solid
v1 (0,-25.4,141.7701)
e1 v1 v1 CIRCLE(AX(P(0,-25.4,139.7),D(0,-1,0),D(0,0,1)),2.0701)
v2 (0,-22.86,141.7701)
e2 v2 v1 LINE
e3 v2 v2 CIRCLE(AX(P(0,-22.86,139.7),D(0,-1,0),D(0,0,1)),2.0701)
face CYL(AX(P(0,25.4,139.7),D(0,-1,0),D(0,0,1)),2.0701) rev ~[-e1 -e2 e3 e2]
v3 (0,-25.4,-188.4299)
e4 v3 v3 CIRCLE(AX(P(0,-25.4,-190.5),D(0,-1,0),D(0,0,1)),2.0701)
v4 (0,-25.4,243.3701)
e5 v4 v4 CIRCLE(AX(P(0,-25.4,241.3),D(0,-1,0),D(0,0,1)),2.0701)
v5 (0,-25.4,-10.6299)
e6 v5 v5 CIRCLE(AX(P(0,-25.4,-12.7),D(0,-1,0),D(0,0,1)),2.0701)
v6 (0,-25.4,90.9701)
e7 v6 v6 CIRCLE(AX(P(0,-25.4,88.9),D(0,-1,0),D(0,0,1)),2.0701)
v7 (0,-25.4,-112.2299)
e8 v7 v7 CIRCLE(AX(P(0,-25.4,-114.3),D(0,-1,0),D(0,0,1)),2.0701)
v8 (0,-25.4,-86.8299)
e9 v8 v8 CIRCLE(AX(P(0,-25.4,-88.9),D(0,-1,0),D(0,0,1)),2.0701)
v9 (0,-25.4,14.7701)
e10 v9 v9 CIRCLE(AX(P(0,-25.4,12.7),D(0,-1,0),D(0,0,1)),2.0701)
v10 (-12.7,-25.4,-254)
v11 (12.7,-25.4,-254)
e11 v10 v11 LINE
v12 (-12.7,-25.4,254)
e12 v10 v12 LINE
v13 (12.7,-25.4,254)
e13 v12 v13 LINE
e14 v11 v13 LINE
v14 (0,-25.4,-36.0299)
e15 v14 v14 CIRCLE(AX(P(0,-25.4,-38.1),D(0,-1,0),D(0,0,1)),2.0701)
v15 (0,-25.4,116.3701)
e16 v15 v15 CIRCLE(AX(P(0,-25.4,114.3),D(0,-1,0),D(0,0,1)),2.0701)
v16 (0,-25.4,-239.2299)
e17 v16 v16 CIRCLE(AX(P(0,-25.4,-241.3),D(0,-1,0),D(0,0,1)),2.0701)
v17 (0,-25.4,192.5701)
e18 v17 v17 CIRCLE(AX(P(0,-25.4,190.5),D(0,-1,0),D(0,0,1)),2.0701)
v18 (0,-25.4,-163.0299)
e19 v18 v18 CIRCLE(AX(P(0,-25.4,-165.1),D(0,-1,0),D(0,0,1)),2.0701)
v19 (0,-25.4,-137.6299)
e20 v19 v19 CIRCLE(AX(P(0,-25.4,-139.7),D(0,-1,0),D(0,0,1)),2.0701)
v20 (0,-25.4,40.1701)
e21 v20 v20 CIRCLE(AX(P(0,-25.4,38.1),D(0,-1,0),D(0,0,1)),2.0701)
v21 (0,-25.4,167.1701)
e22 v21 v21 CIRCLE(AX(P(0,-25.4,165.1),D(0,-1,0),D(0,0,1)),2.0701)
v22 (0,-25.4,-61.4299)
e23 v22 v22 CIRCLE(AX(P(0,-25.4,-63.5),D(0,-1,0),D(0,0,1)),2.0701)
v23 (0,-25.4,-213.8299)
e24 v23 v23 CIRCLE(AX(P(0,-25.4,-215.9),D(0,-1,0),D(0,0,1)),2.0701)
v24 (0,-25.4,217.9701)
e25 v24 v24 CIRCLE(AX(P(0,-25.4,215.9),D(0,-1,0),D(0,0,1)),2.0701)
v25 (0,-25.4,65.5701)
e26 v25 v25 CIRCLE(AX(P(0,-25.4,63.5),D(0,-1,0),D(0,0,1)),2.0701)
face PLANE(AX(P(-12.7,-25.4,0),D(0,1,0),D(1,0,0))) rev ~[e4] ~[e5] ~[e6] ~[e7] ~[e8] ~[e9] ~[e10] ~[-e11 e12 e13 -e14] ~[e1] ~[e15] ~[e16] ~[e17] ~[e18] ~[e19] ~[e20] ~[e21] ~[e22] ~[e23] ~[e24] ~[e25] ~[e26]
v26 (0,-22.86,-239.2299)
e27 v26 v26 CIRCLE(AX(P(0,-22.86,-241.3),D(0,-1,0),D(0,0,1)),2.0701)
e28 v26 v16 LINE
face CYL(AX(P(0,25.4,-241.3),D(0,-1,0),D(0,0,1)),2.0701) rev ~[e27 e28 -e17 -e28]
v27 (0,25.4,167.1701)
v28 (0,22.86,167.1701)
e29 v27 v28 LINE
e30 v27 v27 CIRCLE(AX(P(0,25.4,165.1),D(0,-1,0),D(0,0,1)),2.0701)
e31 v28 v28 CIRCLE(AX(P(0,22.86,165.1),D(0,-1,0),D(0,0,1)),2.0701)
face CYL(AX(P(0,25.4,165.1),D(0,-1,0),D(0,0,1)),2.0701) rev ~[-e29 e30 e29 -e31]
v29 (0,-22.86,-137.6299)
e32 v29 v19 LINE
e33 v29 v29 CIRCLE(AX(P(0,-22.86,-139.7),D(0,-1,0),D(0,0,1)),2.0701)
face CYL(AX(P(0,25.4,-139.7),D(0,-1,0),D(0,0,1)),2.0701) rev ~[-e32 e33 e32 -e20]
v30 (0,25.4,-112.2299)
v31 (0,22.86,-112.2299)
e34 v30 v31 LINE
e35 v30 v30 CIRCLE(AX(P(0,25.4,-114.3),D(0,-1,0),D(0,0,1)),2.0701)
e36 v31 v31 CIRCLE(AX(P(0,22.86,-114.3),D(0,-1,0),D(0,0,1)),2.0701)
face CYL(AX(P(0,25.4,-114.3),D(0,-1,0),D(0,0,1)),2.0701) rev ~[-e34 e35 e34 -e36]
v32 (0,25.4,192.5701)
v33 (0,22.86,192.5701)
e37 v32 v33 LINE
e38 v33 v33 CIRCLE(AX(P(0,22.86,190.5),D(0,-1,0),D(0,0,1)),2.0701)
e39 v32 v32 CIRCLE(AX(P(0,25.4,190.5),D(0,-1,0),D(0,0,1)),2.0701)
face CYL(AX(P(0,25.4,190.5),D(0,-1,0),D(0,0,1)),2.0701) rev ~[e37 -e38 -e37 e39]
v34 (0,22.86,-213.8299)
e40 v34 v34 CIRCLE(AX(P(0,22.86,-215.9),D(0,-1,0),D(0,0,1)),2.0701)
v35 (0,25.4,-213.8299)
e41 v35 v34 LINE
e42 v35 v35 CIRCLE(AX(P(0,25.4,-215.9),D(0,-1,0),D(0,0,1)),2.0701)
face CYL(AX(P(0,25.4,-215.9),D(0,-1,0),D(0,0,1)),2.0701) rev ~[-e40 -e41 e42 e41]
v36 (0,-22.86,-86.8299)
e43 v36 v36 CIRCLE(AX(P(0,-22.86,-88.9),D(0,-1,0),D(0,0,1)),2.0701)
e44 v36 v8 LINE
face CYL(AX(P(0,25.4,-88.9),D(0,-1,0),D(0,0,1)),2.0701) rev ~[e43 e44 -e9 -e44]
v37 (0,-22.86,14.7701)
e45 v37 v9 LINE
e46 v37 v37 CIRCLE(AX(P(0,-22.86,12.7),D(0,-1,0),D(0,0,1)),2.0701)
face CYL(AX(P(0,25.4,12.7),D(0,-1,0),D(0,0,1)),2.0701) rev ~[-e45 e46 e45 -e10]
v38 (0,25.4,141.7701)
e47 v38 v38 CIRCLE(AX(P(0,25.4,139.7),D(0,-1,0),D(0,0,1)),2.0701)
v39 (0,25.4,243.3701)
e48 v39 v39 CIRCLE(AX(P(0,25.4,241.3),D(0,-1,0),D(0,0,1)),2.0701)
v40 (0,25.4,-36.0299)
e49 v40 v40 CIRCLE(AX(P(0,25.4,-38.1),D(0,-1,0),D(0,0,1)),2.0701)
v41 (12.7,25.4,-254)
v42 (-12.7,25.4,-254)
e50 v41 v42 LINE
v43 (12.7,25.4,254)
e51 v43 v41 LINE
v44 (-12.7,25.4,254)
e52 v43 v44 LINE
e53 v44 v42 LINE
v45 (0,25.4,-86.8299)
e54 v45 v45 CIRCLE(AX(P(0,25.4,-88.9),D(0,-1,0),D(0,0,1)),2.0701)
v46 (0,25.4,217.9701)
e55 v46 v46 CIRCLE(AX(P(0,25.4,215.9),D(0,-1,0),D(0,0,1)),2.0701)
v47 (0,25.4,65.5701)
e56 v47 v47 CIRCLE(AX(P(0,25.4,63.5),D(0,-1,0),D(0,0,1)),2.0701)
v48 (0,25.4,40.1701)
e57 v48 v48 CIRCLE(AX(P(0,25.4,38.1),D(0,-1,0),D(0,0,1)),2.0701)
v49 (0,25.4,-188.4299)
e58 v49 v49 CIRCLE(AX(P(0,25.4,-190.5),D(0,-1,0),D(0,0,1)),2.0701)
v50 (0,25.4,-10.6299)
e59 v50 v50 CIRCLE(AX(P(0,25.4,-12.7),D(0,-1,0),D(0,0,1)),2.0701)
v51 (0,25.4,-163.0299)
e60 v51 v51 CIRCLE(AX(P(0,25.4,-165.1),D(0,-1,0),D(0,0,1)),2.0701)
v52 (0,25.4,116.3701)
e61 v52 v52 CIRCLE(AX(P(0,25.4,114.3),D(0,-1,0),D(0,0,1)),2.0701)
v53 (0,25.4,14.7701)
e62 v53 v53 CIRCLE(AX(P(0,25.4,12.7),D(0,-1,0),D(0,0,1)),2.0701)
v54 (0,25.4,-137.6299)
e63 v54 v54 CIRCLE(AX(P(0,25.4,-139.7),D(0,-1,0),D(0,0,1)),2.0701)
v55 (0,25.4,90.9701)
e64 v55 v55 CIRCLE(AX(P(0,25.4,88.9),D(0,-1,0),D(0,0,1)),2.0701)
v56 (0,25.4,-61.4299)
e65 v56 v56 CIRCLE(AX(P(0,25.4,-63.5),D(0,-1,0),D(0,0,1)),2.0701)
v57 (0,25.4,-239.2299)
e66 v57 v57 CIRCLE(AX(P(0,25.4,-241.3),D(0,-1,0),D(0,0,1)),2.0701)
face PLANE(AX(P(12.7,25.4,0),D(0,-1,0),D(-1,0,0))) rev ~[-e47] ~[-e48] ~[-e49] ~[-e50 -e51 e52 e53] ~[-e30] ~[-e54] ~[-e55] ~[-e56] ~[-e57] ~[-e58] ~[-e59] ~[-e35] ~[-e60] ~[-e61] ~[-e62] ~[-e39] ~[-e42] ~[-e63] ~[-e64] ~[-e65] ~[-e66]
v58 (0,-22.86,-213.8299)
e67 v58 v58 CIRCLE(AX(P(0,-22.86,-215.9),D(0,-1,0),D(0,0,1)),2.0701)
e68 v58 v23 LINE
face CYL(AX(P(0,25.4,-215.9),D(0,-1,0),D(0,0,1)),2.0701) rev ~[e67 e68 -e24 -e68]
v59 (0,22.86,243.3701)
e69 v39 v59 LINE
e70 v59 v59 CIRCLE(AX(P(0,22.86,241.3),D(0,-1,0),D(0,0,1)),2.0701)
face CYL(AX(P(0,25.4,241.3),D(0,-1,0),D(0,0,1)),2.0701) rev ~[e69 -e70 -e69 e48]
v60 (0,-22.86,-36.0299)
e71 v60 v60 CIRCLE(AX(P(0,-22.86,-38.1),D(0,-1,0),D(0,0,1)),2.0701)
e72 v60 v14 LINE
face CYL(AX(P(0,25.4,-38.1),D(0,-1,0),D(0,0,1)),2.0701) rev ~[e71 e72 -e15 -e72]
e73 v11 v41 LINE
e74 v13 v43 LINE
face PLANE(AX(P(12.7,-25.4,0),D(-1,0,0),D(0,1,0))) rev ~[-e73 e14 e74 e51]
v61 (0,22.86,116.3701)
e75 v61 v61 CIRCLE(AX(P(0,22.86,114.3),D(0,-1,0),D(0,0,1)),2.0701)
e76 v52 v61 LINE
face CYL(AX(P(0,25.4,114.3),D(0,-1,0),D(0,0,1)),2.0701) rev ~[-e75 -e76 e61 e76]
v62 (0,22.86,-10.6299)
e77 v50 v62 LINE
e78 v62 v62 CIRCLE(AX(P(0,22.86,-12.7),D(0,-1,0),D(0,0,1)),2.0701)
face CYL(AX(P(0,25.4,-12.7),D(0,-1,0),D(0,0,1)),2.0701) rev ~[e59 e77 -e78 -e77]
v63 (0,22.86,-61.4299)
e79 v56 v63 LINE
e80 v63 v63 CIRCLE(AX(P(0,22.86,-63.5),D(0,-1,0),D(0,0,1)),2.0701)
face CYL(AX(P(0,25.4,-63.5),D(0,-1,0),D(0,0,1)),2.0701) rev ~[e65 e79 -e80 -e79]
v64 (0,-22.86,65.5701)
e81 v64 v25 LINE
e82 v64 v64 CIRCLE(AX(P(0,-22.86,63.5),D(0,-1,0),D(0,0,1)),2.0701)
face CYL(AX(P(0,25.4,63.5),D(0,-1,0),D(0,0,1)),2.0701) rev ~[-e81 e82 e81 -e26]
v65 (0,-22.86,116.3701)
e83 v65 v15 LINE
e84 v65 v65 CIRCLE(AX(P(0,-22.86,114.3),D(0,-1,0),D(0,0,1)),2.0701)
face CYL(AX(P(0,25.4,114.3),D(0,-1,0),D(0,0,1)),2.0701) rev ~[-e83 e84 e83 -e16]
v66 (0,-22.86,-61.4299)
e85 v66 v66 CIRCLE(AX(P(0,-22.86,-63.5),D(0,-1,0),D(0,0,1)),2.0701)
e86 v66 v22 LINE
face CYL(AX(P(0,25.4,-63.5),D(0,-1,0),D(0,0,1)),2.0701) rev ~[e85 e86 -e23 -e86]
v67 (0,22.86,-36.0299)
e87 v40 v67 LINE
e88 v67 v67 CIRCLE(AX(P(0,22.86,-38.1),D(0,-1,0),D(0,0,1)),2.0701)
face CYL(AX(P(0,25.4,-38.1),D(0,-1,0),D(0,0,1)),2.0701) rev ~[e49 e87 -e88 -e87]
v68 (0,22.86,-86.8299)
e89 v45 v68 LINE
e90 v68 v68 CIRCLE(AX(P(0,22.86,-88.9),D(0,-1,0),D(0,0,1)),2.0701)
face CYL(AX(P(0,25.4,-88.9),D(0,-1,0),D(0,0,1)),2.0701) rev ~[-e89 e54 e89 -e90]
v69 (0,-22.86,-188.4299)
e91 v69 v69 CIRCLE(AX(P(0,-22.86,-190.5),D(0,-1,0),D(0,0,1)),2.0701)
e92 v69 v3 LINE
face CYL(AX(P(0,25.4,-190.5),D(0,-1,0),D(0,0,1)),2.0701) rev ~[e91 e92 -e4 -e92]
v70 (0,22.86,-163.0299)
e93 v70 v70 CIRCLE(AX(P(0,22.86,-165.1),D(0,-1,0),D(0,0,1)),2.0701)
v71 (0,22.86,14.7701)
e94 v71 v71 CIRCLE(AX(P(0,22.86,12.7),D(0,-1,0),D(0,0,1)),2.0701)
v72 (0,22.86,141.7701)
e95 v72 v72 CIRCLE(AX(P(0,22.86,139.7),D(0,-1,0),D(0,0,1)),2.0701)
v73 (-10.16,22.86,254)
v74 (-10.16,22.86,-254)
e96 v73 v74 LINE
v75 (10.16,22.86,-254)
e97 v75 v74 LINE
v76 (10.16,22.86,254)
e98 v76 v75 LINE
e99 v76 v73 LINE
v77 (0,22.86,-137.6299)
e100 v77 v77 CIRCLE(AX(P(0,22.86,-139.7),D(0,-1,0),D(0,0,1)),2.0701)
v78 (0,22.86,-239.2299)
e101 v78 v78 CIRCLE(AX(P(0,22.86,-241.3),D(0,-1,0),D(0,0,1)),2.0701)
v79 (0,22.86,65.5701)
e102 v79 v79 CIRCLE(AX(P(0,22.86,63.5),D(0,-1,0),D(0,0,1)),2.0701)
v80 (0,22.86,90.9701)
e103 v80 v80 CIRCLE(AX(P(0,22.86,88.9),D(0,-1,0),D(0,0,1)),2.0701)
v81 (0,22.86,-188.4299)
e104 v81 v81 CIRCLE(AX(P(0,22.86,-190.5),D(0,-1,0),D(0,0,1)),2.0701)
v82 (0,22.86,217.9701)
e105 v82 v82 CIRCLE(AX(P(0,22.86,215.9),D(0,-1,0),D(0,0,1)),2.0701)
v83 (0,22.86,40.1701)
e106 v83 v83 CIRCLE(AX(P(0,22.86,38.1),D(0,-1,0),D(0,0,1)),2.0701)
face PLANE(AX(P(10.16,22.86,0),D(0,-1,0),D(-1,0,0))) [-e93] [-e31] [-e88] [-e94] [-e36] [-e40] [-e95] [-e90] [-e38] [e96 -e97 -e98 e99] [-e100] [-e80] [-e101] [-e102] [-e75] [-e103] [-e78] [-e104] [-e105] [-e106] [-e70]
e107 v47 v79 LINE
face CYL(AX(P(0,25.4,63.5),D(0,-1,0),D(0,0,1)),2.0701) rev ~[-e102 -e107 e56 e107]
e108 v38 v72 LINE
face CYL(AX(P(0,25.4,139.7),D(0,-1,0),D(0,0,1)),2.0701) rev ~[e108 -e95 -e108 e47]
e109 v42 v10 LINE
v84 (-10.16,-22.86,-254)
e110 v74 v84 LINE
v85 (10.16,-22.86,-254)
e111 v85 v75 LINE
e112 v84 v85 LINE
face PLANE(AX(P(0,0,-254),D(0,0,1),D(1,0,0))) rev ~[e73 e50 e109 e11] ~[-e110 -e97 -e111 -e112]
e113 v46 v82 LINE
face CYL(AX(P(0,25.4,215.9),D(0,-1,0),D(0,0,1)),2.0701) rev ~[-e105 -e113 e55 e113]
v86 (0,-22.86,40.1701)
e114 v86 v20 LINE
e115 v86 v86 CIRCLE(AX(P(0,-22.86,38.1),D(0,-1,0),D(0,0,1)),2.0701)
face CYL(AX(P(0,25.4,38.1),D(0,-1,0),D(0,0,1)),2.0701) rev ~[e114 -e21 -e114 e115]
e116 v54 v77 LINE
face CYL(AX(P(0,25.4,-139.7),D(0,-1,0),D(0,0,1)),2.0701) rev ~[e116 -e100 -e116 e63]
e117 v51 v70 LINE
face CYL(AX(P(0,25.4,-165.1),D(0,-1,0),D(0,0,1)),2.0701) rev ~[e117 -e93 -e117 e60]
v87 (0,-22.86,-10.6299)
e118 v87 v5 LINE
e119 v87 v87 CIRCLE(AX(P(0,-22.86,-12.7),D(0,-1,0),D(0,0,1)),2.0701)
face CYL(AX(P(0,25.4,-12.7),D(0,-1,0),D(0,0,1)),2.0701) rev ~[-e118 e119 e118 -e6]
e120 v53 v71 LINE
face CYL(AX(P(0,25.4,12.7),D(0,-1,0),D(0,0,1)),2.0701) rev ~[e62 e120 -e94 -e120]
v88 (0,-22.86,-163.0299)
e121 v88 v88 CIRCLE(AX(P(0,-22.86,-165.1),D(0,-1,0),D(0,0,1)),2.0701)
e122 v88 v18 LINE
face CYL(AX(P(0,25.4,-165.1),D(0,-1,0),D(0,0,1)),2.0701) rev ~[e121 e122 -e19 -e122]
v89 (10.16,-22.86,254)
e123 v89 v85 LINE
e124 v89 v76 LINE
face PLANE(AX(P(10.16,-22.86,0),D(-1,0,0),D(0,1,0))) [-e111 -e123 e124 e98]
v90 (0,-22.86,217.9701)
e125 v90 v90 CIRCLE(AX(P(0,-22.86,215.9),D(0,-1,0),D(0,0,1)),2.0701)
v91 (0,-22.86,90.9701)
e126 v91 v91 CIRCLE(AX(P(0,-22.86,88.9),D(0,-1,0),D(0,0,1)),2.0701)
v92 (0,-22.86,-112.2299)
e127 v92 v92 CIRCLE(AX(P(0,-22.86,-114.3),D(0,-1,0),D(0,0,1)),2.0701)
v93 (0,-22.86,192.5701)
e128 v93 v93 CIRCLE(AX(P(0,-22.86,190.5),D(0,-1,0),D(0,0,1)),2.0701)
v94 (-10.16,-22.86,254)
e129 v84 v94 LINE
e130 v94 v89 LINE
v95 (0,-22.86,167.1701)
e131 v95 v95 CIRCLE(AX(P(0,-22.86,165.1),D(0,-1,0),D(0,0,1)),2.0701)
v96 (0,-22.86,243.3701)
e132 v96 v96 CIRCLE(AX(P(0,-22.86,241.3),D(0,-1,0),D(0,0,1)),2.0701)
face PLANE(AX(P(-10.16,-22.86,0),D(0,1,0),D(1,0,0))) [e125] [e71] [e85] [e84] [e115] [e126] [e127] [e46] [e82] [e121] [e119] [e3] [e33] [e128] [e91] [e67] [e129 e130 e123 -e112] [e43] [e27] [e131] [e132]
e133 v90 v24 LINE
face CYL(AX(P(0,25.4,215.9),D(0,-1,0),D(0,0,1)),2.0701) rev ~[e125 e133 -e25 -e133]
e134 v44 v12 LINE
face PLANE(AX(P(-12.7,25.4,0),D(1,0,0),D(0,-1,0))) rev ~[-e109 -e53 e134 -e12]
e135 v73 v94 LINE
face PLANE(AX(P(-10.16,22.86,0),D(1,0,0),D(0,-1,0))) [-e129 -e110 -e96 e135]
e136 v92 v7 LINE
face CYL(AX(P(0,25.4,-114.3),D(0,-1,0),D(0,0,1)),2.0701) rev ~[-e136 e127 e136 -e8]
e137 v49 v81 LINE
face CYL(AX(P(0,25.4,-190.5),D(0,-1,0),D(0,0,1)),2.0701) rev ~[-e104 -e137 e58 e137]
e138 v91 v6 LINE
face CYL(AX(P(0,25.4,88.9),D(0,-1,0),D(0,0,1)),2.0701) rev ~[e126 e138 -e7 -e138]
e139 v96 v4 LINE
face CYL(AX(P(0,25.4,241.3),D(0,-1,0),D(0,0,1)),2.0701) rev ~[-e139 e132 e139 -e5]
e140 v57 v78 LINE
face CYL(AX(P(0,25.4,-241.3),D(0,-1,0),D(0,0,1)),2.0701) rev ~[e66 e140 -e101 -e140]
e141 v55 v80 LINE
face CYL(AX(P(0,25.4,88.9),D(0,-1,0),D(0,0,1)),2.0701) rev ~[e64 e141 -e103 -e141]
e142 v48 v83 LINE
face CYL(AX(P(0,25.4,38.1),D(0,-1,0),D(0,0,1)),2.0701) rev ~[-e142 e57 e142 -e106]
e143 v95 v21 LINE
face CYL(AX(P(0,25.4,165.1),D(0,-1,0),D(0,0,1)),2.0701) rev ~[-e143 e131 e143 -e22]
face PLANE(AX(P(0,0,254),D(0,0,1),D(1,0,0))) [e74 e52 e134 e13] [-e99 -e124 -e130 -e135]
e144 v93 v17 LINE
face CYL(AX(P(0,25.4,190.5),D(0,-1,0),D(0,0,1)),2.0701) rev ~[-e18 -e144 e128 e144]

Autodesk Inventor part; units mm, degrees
ref_plane "YZ Plane" through (0, 0, 0) normal (1, 0, 0) x (0, 1, 0)
ref_plane "XZ Plane" through (0, 0, 0) normal (0, 1, 0) x (-1, 0, 0)
ref_plane "XY Plane" through (0, 0, 0) normal (0, 0, 1) x (1, 0, 0)
sketch "Sketch1" plane through (0, 0, 0) normal (0, 0, 1) x (1, 0, 0)
  line L0 (-12.7, -25.4) -> (12.7, -25.4)
  line L1 (12.7, -25.4) -> (12.7, 25.4)
  line L2 (12.7, 25.4) -> (-12.7, 25.4)
  line L3 (-12.7, 25.4) -> (-12.7, -25.4)
  line L4 (-12.7, -25.4) -> (12.7, 25.4) construction
  line L5 (12.7, -25.4) -> (-12.7, 25.4) construction
  line L6 (-10.16, -22.86) -> (10.16, -22.86)
  line L7 (10.16, -22.86) -> (10.16, 22.86)
  line L8 (10.16, 22.86) -> (-10.16, 22.86)
  line L9 (-10.16, 22.86) -> (-10.16, -22.86)
  line L10 (-10.16, -22.86) -> (10.16, 22.86) construction
  line L11 (10.16, -22.86) -> (-10.16, 22.86) construction
  point P0 (0, 0)
  dimension "d0" = 25.4
  dimension "d1" = 50.8
  dimension "d2" = 20.32
  dimension "d3" = 45.72
extrude "Extrusion1" add sketch "Sketch1" along normal mid plane 508
sketch "Sketch2" plane through (-12.7, 25.4, 254) normal (0, 1, 0) x (1, 0, 0)
  line L0 (0, 508) -> (0, 0) projected
  line L1 (25.4, 0) -> (0, 0) projected
  point P0 (12.7, 254)
  point P1 (12.7, 12.7)
  dimension "d6" = 12.7
  dimension "d7" = 12.7
hole "Hole1" at (0, 25.4, 241.3) direction (0, -1, 0) diameter 4.1402 end through all
pattern_linear "Rectangular Pattern1" count 20 spacing 25.4 along (0, 0, -1) of "Hole1"
properties part number "Stationary_Horizontal_extender"
